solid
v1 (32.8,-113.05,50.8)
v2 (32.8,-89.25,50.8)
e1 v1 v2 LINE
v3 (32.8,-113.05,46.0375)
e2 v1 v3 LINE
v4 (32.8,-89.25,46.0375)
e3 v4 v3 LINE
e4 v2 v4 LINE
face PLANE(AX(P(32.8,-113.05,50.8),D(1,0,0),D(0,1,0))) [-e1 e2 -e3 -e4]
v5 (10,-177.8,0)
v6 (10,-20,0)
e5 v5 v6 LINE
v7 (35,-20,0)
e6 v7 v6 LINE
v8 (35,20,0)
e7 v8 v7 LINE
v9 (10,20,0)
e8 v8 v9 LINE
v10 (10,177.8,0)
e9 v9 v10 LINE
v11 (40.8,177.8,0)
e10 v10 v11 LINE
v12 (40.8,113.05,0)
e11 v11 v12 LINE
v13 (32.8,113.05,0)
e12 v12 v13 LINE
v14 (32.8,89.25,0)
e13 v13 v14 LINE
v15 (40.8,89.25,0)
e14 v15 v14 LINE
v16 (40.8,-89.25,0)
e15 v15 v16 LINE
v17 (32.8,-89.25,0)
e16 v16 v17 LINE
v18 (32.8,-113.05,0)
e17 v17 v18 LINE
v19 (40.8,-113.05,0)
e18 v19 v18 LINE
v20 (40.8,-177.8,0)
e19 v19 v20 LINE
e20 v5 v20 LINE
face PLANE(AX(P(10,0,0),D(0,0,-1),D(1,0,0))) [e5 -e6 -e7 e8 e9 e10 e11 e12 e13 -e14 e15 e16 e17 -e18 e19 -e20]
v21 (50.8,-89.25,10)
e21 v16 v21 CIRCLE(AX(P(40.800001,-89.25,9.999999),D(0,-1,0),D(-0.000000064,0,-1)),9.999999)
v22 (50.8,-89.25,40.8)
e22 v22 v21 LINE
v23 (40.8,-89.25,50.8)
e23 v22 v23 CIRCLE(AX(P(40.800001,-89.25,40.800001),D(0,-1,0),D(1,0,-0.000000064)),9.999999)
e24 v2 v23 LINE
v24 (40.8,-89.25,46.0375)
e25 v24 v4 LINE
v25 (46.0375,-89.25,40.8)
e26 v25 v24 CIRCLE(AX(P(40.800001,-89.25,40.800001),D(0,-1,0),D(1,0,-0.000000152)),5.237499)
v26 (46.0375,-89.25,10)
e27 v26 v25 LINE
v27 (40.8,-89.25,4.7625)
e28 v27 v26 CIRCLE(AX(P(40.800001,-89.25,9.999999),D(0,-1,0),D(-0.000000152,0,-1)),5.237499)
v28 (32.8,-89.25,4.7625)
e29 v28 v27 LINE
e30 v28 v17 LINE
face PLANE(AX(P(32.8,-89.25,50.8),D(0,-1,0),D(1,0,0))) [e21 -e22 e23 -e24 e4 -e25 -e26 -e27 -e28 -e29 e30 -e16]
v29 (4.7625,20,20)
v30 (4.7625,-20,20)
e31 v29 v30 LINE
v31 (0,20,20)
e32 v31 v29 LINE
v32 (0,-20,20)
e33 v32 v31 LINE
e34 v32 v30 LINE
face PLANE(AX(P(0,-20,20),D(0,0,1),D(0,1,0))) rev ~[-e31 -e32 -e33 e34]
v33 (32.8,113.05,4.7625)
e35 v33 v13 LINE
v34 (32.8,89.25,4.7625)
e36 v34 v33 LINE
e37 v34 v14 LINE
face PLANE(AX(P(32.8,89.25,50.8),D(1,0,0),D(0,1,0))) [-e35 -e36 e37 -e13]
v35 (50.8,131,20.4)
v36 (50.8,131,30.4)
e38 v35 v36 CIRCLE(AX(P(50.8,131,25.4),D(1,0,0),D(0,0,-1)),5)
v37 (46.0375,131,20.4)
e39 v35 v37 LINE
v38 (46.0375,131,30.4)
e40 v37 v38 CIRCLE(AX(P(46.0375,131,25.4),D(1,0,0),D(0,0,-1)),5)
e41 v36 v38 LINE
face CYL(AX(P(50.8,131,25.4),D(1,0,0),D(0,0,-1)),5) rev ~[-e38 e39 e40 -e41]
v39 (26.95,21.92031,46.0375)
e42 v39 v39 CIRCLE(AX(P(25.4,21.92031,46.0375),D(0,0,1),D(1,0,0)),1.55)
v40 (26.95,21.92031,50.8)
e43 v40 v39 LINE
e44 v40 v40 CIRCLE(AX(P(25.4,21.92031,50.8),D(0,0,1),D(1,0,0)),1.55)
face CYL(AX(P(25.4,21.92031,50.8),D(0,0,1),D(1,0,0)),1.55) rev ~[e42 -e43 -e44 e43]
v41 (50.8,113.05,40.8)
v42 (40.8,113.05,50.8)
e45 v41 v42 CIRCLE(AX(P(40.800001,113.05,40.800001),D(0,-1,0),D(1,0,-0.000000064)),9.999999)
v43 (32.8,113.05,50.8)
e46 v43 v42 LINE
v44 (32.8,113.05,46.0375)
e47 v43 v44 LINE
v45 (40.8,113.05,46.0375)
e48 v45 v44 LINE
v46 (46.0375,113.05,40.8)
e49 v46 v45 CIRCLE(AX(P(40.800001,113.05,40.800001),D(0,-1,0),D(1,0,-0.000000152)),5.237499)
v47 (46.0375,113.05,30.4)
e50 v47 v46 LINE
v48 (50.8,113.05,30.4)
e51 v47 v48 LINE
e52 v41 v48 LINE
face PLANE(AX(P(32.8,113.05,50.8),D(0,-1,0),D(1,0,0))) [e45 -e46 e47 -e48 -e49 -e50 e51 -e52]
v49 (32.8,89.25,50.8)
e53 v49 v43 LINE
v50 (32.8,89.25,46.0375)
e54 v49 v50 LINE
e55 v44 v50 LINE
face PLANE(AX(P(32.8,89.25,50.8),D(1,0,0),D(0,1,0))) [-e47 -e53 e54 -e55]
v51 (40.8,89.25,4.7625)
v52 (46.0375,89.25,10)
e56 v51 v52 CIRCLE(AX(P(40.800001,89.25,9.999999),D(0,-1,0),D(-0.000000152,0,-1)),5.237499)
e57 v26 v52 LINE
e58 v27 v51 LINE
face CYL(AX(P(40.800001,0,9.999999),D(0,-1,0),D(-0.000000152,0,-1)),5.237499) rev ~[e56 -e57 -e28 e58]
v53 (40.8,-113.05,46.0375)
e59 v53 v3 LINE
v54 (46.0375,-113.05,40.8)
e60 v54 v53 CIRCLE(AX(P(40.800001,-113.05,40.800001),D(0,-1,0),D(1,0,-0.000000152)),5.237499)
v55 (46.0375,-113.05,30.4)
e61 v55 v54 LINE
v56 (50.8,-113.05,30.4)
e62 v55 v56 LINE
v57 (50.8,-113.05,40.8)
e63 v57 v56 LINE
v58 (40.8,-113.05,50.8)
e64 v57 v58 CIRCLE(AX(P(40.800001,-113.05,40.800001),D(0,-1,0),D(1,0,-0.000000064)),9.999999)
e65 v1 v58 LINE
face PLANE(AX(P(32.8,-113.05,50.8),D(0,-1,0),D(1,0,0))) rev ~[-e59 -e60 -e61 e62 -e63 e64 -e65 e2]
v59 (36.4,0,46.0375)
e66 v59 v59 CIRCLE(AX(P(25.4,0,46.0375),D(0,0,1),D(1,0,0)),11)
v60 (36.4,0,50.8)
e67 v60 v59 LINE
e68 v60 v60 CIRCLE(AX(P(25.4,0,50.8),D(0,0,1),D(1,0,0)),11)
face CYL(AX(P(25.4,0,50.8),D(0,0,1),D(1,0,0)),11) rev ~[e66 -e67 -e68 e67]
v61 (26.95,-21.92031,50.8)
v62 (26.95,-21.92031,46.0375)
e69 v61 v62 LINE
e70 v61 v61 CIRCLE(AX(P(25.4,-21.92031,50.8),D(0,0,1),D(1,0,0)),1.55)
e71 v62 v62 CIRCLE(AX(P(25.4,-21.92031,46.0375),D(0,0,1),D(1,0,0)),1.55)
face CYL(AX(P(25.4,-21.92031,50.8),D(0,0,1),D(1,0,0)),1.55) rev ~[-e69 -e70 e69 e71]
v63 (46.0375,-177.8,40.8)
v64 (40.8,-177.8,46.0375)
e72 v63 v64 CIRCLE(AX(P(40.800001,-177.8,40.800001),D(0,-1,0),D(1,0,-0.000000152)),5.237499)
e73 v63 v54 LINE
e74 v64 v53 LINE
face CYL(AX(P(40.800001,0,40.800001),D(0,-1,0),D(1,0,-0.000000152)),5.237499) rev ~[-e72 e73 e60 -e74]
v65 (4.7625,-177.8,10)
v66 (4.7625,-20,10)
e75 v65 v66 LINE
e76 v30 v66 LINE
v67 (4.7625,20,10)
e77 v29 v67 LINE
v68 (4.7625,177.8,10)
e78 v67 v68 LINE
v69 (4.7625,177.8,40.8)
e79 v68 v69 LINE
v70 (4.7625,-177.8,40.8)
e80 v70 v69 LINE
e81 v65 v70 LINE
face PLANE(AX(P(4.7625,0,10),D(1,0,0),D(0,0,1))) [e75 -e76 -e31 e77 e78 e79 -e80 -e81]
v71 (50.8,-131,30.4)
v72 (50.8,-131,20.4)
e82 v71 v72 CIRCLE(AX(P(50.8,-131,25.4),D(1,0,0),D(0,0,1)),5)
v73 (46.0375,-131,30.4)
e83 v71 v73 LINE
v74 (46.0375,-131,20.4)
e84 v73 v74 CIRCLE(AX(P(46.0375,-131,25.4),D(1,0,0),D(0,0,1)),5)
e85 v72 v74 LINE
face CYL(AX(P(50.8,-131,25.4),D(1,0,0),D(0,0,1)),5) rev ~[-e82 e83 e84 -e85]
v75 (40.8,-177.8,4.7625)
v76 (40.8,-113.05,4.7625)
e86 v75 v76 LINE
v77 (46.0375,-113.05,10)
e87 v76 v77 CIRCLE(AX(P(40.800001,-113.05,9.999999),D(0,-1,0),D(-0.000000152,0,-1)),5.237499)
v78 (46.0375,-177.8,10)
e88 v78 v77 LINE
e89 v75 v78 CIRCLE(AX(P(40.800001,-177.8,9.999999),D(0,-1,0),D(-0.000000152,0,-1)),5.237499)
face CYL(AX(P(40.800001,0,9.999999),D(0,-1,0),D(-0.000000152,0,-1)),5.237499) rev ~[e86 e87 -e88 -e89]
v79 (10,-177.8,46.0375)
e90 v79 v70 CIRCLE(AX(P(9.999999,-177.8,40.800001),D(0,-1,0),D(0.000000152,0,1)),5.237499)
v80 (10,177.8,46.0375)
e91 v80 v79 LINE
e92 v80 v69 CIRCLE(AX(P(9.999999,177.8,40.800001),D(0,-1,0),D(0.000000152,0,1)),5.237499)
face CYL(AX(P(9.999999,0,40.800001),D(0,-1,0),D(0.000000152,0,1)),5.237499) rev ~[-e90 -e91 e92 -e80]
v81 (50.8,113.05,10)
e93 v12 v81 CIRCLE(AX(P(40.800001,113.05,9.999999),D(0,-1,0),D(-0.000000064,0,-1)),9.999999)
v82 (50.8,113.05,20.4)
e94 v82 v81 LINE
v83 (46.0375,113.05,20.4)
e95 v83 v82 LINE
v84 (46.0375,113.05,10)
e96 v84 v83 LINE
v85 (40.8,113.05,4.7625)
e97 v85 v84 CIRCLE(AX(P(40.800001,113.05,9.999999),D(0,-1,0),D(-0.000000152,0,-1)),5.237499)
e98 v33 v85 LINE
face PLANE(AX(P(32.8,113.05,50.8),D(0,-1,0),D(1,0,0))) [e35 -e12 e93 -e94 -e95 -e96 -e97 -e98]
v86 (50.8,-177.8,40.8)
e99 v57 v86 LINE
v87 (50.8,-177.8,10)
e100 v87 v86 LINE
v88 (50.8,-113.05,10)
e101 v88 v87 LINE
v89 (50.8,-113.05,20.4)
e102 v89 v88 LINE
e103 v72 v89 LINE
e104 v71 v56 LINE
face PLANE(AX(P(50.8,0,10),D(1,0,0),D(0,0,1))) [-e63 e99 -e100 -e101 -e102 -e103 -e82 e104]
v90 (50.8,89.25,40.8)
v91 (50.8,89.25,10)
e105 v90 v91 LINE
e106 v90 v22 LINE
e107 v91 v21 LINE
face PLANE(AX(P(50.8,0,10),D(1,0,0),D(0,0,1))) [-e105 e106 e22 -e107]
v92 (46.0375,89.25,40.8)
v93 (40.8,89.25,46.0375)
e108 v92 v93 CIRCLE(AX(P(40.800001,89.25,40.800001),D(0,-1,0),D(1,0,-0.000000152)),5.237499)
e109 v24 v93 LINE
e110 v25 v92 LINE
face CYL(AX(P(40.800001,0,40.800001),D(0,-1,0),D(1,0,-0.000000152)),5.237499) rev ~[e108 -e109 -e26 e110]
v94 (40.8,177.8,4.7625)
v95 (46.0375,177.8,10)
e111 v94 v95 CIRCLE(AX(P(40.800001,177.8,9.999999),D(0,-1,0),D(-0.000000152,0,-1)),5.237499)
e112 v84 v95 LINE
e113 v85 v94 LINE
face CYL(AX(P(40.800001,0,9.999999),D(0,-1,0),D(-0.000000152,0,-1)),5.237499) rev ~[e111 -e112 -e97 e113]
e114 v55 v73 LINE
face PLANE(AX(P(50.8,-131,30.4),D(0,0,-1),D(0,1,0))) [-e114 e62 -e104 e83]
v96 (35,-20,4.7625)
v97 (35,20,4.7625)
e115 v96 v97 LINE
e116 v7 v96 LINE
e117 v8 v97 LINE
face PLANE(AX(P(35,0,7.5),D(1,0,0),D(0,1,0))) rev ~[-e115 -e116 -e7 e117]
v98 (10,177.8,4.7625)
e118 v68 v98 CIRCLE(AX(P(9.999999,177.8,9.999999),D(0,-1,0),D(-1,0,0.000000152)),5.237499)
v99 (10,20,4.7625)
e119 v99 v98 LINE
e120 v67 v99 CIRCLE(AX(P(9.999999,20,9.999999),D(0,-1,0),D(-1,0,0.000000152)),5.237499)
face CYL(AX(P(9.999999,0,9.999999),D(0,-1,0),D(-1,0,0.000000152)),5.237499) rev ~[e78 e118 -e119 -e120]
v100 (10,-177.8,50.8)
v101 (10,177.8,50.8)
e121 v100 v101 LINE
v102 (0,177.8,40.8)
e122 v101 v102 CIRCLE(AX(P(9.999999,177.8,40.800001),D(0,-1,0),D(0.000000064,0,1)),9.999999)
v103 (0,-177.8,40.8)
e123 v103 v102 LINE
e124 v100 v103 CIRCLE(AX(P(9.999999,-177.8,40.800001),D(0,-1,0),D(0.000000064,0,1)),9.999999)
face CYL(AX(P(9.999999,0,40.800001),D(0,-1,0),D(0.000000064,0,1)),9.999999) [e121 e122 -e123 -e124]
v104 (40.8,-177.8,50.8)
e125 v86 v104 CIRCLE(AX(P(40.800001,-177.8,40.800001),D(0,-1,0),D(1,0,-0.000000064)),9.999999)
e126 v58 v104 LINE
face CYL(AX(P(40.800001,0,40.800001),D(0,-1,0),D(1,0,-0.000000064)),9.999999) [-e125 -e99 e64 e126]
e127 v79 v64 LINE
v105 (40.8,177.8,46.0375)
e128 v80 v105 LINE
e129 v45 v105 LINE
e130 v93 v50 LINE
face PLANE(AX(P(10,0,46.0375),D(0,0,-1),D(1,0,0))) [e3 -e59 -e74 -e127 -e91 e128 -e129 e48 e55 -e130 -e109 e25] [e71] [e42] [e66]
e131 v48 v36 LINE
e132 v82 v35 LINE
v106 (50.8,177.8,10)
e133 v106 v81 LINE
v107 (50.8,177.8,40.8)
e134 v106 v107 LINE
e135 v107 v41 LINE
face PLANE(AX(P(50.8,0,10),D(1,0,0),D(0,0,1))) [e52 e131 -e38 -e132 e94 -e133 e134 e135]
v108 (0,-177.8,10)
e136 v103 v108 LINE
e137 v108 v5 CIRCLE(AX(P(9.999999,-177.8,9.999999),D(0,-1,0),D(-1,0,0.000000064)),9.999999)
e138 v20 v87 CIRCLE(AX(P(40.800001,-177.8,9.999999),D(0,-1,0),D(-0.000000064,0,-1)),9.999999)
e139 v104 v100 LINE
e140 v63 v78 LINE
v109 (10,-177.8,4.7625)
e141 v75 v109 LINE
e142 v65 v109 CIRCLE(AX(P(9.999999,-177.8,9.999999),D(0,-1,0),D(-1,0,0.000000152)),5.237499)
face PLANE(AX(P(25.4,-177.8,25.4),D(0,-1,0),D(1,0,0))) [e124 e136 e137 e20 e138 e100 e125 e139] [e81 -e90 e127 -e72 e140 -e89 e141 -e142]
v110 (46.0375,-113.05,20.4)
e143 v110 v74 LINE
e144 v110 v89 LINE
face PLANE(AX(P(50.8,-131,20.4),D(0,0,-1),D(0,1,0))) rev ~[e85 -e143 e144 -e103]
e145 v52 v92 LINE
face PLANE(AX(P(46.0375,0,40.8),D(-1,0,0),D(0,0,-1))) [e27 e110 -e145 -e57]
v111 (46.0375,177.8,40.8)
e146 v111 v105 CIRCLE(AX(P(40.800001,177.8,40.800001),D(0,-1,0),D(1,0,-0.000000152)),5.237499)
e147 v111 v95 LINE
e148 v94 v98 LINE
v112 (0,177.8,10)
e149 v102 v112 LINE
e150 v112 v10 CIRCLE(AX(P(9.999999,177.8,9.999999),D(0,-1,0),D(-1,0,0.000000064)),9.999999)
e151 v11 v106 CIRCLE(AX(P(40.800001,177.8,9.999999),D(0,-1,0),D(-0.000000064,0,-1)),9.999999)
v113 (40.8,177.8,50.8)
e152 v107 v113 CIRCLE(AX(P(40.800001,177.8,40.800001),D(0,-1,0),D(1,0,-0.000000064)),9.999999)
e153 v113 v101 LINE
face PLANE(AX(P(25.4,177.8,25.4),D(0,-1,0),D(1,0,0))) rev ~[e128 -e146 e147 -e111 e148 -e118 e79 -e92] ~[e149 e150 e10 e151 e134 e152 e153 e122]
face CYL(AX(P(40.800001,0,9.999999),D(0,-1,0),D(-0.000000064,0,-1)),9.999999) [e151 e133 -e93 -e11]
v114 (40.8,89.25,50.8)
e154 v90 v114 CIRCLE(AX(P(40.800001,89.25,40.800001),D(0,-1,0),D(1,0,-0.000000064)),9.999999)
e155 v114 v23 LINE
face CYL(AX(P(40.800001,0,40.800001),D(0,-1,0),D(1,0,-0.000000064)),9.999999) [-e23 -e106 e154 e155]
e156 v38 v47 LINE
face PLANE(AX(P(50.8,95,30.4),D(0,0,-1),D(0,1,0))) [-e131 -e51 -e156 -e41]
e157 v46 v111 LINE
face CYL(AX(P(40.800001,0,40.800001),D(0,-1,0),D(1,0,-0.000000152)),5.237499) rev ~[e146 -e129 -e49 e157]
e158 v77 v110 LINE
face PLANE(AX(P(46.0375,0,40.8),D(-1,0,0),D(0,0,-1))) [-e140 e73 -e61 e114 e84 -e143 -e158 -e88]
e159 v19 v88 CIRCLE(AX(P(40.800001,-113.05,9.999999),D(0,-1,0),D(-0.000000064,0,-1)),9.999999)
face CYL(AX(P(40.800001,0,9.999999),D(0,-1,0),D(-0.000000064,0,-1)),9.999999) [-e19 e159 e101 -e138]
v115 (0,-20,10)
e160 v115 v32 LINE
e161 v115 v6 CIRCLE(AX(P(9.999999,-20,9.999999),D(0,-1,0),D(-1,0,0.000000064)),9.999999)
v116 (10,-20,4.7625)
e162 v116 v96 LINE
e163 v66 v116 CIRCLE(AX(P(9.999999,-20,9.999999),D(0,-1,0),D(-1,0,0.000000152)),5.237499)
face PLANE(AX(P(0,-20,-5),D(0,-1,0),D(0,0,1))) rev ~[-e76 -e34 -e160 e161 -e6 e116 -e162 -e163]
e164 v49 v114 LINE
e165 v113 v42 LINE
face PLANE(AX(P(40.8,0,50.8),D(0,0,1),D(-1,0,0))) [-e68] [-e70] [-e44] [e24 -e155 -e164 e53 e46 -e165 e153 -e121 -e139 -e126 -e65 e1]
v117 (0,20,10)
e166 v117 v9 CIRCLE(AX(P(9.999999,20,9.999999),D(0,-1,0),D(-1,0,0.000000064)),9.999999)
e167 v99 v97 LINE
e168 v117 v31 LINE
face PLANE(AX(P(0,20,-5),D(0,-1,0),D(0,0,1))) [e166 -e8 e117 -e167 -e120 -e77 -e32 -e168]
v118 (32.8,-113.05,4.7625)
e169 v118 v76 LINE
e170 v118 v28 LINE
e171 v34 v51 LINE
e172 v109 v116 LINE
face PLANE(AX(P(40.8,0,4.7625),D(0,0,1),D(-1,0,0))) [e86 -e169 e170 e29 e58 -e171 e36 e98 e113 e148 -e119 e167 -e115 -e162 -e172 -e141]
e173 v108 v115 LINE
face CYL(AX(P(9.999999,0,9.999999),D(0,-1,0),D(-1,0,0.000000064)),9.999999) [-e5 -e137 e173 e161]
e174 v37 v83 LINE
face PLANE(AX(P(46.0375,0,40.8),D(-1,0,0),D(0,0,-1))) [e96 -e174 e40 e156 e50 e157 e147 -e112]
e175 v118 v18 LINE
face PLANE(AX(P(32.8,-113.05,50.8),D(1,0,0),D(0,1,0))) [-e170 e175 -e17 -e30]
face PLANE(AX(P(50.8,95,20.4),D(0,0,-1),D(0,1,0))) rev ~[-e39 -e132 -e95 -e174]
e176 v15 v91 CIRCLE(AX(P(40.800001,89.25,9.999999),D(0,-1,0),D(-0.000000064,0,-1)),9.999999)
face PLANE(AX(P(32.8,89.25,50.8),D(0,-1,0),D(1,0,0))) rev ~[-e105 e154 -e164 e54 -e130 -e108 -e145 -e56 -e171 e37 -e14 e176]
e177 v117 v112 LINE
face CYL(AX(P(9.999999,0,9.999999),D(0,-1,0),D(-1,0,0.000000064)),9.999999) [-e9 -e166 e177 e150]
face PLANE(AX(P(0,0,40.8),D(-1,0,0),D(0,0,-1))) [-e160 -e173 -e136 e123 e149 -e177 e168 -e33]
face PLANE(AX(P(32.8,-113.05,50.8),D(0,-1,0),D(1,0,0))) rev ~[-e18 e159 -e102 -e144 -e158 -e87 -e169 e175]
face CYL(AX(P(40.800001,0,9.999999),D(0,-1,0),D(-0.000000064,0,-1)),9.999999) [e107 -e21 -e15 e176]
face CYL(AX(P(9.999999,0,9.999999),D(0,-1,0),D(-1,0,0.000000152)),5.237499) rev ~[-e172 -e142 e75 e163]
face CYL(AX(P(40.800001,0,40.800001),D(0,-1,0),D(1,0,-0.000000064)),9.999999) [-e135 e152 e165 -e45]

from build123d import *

# Parameters (mm, degrees)
PAD005_DEPTH    = 177.8
SKETCH007_W     = 25
SKETCH007_H     = 23.8
POCKET002_DEPTH = 50.801
POCKET003_DEPTH = 46.0375
SKETCH010_R     = 11
SKETCH010_R_2   = 1.55
POCKET004_DEPTH = 4.7625
SKETCH011_W     = 40
SKETCH011_H     = 25
POCKET005_DEPTH = 35


with BuildPart() as part:
    # Sketch008 → Pad005 (new body, symmetric)
    with BuildSketch(Plane.XZ):
        with BuildLine():
            Line((10, 0), (40.8, 0))
            ThreePointArc((40.8, 0), (47.871068, 2.928932), (50.8, 10))
            Line((50.8, 10), (50.8, 40.8))
            ThreePointArc((50.8, 40.8), (47.871068, 47.871068), (40.8, 50.8))
            Line((40.8, 50.8), (10, 50.8))
            ThreePointArc((10, 50.8), (2.928932, 47.871068), (0, 40.8))
            Line((0, 40.8), (0, 10))
            ThreePointArc((0, 10), (2.928932, 2.928932), (10, 0))
        make_face()
        with BuildLine():
            Line((10, 46.0375), (40.8, 46.0375))
            ThreePointArc((46.0375, 40.8), (44.503472, 44.503472), (40.8, 46.0375))
            Line((46.0375, 40.8), (46.0375, 10))
            ThreePointArc((40.8, 4.7625), (44.503472, 6.296528), (46.0375, 10))
            Line((40.8, 4.7625), (10, 4.7625))
            ThreePointArc((4.7625, 10), (6.296528, 6.296528), (10, 4.7625))
            Line((4.7625, 10), (4.7625, 40.8))
            ThreePointArc((10, 46.0375), (6.296528, 44.503472), (4.7625, 40.8))
        make_face(mode=Mode.SUBTRACT)
    extrude(amount=PAD005_DEPTH, both=True)

    # Sketch007 → Pocket002 (cut, through all)
    with BuildSketch(Plane.XY.offset(50.8)):
        with Locations((45.3, 101.15)):
            Rectangle(SKETCH007_W, SKETCH007_H)
        with Locations((45.3, -101.15)):
            Rectangle(SKETCH007_W, SKETCH007_H)
    extrude(amount=-POCKET002_DEPTH, mode=Mode.SUBTRACT)

    # Sketch009 → Pocket003 (cut)
    with BuildSketch(Plane.YZ.offset(50.8)):
        with BuildLine():
            ThreePointArc((-131, 30.4), (-136, 25.4), (-131, 20.4))
            Line((-131, 20.4), (-95, 20.4))
            ThreePointArc((-95, 20.4), (-90, 25.4), (-95, 30.4))
            Line((-131, 30.4), (-95, 30.4))
        make_face()
        with BuildLine():
            ThreePointArc((95, 30.4), (90, 25.4), (95, 20.4))
            Line((95, 20.4), (131, 20.4))
            ThreePointArc((131, 20.4), (136, 25.4), (131, 30.4))
            Line((95, 30.4), (131, 30.4))
        make_face()
    extrude(amount=-POCKET003_DEPTH, mode=Mode.SUBTRACT)

    # Sketch010 → Pocket004 (cut)
    with BuildSketch(Plane.XY.offset(50.8)):
        with Locations((25.4, 0)):
            Circle(SKETCH010_R)
        with Locations((25.4, 21.92031)):
            Circle(SKETCH010_R_2)
        with Locations((25.4, -21.92031)):
            Circle(SKETCH010_R_2)
    extrude(amount=-POCKET004_DEPTH, mode=Mode.SUBTRACT)

    # Sketch011 → Pocket005 (cut)
    with BuildSketch(Plane.YZ):
        with Locations((0, 7.5)):
            Rectangle(SKETCH011_W, SKETCH011_H)
    extrude(amount=POCKET005_DEPTH, mode=Mode.SUBTRACT)


solid = part.part
